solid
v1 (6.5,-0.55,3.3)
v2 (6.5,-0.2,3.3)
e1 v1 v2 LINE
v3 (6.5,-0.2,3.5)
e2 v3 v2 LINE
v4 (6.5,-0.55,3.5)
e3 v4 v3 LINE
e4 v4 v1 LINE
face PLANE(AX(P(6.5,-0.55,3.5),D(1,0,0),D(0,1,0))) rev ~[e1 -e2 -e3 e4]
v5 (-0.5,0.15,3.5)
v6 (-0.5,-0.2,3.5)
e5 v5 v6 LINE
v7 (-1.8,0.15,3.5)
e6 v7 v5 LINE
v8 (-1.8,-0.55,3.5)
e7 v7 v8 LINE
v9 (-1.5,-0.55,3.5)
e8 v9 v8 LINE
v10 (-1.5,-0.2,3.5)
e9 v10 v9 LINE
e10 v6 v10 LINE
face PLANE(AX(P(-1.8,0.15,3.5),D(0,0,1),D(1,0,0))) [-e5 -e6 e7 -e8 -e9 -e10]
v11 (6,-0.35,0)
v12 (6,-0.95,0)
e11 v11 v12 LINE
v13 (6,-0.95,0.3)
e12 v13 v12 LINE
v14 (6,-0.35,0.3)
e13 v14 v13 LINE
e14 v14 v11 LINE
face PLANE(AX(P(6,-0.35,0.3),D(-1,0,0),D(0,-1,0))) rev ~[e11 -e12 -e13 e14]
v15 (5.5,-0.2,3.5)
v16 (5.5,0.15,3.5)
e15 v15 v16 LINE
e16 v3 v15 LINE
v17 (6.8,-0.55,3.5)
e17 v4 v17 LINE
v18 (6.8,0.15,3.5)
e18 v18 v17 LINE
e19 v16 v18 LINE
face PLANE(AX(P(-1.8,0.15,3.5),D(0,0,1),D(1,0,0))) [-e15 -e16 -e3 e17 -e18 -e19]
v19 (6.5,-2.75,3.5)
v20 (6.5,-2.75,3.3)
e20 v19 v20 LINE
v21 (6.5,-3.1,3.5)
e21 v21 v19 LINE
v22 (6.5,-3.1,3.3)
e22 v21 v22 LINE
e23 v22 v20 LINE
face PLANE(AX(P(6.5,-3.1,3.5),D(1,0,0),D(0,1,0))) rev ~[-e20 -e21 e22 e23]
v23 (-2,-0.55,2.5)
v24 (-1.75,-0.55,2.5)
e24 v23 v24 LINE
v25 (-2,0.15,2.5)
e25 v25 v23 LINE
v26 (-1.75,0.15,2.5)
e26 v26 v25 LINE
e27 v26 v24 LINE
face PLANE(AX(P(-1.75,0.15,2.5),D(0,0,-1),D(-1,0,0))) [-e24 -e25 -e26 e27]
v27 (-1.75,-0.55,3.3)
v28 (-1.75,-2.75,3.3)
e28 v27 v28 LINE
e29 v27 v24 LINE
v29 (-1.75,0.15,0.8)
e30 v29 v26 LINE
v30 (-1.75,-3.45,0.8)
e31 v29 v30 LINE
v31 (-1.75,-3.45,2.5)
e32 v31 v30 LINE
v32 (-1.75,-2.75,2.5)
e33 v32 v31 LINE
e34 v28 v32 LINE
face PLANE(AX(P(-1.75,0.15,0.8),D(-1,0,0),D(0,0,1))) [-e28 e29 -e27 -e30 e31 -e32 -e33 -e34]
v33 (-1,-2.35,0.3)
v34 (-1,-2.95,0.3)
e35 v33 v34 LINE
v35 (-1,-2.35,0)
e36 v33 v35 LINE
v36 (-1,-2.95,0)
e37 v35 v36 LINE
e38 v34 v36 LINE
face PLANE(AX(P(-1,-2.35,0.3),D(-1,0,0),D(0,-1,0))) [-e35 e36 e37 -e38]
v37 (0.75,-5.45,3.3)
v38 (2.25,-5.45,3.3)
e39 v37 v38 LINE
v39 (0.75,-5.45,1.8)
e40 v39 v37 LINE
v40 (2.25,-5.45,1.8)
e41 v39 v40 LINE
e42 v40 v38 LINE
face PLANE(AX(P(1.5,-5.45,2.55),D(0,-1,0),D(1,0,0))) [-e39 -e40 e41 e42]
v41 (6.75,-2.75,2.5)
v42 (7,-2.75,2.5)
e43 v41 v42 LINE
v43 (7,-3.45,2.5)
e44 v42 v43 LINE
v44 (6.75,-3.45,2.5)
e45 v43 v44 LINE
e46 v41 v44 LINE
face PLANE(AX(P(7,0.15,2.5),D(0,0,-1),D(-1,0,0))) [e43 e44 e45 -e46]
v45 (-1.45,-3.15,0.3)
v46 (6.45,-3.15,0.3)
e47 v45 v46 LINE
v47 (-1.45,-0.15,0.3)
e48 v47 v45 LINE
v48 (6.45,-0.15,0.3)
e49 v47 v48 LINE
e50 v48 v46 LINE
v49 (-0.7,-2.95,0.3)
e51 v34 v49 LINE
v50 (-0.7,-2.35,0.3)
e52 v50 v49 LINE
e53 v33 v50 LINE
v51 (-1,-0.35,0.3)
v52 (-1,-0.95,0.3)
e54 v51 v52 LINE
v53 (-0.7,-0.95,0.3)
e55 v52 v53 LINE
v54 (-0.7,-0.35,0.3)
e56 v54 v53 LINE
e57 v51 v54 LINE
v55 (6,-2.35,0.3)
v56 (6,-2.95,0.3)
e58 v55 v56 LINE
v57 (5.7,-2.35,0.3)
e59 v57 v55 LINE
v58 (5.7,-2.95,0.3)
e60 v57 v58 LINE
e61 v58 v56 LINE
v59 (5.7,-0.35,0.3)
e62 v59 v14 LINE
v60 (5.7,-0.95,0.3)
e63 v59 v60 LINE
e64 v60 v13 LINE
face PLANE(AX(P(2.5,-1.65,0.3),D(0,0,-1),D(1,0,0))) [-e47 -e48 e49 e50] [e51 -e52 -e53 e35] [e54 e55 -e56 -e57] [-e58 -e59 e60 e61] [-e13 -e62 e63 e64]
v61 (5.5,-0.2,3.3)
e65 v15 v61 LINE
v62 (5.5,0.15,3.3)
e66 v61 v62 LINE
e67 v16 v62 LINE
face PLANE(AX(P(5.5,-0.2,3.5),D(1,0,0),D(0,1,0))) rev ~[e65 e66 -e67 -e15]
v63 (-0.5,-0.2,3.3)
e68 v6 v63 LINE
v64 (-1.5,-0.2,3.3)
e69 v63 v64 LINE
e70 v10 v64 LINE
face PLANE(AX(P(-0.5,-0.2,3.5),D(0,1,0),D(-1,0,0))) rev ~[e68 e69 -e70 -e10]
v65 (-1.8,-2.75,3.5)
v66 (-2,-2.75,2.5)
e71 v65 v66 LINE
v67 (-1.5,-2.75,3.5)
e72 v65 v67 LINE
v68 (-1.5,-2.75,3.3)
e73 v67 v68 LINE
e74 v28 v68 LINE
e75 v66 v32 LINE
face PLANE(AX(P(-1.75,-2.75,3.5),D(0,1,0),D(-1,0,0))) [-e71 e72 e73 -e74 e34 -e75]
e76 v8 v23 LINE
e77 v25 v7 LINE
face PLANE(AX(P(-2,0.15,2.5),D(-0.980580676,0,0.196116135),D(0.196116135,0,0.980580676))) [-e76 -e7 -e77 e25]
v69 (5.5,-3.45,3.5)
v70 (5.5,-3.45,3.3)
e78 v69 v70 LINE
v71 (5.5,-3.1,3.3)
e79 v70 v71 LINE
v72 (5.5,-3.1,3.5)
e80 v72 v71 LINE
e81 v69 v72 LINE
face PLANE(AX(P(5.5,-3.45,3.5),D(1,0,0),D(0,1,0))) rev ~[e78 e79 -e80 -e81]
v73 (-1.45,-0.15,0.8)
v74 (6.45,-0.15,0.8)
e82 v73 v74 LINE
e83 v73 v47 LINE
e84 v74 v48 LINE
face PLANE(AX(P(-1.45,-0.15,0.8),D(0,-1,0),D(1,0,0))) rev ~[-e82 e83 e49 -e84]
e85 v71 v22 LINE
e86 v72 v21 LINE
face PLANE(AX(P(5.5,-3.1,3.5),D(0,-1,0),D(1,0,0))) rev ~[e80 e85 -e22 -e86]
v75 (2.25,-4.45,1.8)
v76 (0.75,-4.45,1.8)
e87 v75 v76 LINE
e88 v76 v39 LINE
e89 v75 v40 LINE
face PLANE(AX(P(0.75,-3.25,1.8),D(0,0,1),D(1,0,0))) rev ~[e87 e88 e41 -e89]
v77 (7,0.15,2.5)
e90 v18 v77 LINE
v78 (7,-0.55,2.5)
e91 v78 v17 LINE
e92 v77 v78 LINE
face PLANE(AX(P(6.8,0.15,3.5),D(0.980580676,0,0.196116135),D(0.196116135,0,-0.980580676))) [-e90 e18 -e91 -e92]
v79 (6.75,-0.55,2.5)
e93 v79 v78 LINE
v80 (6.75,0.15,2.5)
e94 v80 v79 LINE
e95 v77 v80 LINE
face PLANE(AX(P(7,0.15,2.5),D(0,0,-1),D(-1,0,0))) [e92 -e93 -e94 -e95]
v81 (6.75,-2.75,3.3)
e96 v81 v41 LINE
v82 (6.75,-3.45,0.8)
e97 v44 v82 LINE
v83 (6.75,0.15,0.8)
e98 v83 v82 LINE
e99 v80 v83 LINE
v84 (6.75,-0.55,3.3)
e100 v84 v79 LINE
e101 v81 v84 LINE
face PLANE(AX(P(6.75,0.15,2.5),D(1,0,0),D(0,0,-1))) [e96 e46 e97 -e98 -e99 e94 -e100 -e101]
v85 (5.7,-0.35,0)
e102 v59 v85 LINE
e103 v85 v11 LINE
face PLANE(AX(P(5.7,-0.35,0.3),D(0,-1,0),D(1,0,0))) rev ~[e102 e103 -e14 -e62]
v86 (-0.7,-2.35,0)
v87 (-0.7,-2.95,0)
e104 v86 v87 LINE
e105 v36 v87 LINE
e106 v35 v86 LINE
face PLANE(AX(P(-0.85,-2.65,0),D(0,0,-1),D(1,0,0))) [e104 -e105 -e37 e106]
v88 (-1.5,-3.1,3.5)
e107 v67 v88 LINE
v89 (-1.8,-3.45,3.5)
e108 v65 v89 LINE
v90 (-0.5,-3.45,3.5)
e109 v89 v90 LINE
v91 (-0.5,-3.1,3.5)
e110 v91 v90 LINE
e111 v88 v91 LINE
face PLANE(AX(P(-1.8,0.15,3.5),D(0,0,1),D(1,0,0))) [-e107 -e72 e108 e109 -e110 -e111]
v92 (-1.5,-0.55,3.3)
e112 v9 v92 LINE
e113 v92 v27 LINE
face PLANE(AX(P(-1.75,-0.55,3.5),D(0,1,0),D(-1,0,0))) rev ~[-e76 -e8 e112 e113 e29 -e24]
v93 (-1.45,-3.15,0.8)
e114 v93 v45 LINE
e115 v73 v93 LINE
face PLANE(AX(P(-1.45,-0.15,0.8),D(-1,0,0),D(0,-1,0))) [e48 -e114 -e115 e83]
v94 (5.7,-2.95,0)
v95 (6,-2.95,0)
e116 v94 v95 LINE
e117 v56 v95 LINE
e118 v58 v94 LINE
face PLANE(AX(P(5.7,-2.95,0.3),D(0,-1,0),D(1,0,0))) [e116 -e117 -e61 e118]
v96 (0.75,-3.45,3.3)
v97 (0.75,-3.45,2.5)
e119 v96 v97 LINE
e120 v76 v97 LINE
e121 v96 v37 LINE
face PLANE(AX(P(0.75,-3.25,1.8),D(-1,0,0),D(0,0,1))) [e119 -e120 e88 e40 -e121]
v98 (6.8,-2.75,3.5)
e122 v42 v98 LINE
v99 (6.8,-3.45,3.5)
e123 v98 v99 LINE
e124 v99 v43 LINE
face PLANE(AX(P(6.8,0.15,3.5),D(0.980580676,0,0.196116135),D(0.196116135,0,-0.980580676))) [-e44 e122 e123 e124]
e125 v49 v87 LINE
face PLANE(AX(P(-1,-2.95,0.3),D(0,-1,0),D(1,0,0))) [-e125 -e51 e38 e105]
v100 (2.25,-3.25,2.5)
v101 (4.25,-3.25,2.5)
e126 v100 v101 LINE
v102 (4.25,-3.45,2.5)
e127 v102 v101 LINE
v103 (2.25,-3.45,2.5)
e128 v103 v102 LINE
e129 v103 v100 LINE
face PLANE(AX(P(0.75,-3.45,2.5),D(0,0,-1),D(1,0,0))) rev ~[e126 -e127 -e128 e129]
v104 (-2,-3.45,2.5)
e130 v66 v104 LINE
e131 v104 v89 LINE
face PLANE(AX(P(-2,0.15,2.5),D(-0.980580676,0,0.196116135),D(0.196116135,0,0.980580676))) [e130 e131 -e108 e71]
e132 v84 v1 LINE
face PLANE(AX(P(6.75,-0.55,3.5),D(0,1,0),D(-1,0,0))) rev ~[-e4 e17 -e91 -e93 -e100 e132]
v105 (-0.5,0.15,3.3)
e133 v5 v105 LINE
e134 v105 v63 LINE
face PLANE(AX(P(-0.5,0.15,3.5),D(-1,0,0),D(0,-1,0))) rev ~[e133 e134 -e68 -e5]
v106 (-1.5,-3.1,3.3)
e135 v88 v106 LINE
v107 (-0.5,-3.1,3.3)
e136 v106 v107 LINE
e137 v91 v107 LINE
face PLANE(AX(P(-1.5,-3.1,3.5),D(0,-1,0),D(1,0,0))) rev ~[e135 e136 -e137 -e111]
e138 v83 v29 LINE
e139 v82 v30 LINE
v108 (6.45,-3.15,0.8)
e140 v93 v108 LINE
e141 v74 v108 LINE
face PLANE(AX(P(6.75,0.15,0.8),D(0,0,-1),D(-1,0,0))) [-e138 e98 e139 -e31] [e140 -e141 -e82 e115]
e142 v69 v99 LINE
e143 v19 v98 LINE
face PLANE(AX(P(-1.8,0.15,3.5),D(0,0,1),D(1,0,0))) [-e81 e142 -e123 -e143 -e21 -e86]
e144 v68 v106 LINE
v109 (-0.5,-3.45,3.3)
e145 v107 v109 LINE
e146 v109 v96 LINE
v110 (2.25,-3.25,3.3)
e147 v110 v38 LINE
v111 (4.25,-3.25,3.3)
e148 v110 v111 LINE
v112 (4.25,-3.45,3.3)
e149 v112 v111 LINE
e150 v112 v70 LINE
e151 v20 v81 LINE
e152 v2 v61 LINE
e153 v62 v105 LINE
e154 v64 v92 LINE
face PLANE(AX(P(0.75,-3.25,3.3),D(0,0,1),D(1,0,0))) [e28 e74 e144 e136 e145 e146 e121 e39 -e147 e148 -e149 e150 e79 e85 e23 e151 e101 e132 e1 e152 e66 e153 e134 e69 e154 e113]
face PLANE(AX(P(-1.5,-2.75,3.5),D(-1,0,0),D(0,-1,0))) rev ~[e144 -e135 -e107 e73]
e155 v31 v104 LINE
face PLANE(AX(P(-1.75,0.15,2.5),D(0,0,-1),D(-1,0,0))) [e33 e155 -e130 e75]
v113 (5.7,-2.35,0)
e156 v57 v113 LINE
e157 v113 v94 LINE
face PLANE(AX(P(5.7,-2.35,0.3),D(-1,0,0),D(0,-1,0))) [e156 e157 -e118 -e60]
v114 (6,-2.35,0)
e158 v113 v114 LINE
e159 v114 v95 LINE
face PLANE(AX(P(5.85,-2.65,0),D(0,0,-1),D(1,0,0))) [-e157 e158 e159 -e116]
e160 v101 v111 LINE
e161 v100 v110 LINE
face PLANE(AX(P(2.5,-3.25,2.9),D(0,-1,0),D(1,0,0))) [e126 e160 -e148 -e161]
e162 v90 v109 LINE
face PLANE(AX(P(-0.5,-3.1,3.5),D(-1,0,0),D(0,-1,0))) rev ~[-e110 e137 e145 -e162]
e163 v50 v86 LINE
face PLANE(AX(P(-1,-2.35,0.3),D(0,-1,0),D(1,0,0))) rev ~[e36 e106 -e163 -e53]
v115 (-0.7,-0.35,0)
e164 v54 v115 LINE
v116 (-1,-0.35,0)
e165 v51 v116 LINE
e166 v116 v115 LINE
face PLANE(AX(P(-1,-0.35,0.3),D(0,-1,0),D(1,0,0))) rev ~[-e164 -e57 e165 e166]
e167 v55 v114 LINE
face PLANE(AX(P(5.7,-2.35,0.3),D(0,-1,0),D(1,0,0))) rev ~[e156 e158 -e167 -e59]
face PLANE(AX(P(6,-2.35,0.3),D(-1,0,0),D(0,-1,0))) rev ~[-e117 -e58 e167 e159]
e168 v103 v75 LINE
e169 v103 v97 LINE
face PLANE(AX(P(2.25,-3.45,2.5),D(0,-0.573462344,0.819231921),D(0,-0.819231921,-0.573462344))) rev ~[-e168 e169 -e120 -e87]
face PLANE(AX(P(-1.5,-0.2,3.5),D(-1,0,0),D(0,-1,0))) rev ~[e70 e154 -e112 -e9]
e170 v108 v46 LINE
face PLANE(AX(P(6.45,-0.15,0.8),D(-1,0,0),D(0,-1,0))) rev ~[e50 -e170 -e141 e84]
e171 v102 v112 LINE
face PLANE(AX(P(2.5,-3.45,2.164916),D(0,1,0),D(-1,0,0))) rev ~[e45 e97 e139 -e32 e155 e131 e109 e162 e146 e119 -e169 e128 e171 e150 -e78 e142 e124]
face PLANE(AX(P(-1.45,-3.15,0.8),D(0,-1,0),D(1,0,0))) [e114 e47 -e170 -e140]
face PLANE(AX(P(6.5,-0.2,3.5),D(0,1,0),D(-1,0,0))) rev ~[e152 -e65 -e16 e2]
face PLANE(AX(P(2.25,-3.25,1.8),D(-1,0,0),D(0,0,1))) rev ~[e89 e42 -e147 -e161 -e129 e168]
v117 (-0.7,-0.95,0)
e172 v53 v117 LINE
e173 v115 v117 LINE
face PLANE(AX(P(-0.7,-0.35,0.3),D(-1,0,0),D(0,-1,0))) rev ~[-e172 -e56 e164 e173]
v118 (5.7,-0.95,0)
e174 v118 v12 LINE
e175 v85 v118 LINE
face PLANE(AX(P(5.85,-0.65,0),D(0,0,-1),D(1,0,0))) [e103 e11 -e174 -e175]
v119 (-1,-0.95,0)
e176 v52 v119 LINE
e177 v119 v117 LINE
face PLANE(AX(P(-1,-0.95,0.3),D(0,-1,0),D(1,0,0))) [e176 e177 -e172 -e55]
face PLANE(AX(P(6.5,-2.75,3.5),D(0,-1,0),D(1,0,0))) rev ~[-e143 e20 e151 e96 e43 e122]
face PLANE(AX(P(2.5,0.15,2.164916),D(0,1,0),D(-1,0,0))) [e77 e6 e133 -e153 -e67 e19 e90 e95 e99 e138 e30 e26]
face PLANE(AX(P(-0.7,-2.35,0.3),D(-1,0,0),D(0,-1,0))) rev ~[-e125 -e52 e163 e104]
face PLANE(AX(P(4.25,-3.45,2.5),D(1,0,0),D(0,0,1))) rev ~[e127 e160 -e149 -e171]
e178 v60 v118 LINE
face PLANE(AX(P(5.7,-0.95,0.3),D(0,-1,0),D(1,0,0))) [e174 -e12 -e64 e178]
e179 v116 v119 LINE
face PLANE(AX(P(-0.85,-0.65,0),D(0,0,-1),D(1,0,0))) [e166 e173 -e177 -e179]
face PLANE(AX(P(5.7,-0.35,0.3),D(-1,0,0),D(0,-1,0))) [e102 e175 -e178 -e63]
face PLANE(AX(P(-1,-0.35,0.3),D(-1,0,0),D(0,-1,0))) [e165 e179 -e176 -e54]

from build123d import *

# Parameters (mm, degrees)
PAD_DEPTH       = 3.6
SKETCH001_W     = 7.9
SKETCH001_H     = 3
PAD001_DEPTH    = 0.5
SKETCH002_W     = 0.3
SKETCH002_H     = 0.6
PAD002_DEPTH    = 0.3
SKETCH003_W     = 0.25
SKETCH003_H     = 2.2
POCKET_DEPTH    = 3.501
POCKET001_DEPTH = 0.2
SKETCH014_W     = 3.5
SKETCH014_H     = 0.8
POCKET002_DEPTH = 0.2
SKETCH015_W     = 1.5
SKETCH015_H     = 1.5
PAD008_DEPTH    = 2.2
POCKET003_DEPTH = 4.251


with BuildPart() as part:
    # Sketch (on DatumPlane) → Pad (new body)
    with BuildSketch(Plane.XZ.offset(-0.15)):
        Polygon((-1.75, 0.8), (-1.75, 2.5), (-2, 2.5), (-1.8, 3.5), (6.8, 3.5), (7, 2.5), (6.75, 2.5), (6.75, 0.8), align=None)
    extrude(amount=PAD_DEPTH)

    # Sketch001 (on Face8 of Pad) → Pad001 (join)
    with BuildSketch(Plane(origin=(0, 0.15, 0.8), x_dir=(1, 0, 0), z_dir=(0, 0, -1))):
        with Locations((2.5, 1.8)):
            Rectangle(SKETCH001_W, SKETCH001_H)
    extrude(amount=PAD001_DEPTH)

    # Sketch002 (on Face15 of Pad001) → Pad002 (join)
    with BuildSketch(Plane(origin=(0, 0.15, 0.3), x_dir=(1, 0, 0), z_dir=(0, 0, -1))):
        with Locations((-0.85, 2.8)):
            Rectangle(SKETCH002_W, SKETCH002_H)
        with Locations((-0.85, 0.8)):
            Rectangle(SKETCH002_W, SKETCH002_H)
        with Locations((5.85, 2.8)):
            Rectangle(SKETCH002_W, SKETCH002_H)
        with Locations((5.85, 0.8)):
            Rectangle(SKETCH002_W, SKETCH002_H)
    extrude(amount=PAD002_DEPTH)

    # Sketch003 (on Face12 of Pad002) → Pocket (cut, through all)
    with BuildSketch(Plane(origin=(0, 0.15, 3.5), x_dir=(-1, 0, 0), z_dir=(0, 0, 1))):
        with Locations((1.875, 1.8)):
            Rectangle(SKETCH003_W, SKETCH003_H)
        with Locations((-6.875, 1.8)):
            Rectangle(SKETCH003_W, SKETCH003_H)
    extrude(amount=-POCKET_DEPTH, mode=Mode.SUBTRACT)

    # Sketch004 (on Face7 of Pocket) → Pocket001 (cut)
    with BuildSketch(Plane(origin=(0, 0.15, 3.5), x_dir=(-1, 0, 0), z_dir=(0, 0, 1))):
        Polygon((-5.5, 3.6), (-5.5, 3.25), (-6.5, 3.25), (-6.5, 2.9), (-6.75, 2.9), (-6.75, 0.7), (-6.5, 0.7), (-6.5, 0.35), (-5.5, 0.35), (-5.5, 0), (0.5, 0), (0.5, 0.35), (1.5, 0.35), (1.5, 0.7), (1.75, 0.7), (1.75, 2.9), (1.5, 2.9), (1.5, 3.25), (0.5, 3.25), (0.5, 3.6), align=None)
    extrude(amount=-POCKET001_DEPTH, mode=Mode.SUBTRACT)

    # Sketch014 (on Face20 of Pocket001) → Pocket002 (cut)
    with BuildSketch(Plane.XZ.offset(3.45)):
        with Locations((2.5, 2.9)):
            Rectangle(SKETCH014_W, SKETCH014_H)
    extrude(amount=-POCKET002_DEPTH, mode=Mode.SUBTRACT)

    # Sketch015 (on Face40 of Pocket002) → Pad008 (join)
    with BuildSketch(Plane.XZ.offset(3.25)):
        with Locations((1.5, 2.55)):
            Rectangle(SKETCH015_W, SKETCH015_H)
    extrude(amount=PAD008_DEPTH)

    # Sketch016 (on Face50 of Pad008) → Pocket003 (cut, through all)
    with BuildSketch(Plane(origin=(2.25, 0.15, 0), x_dir=(0, 0, 1), z_dir=(1, 0, 0))):
        Polygon((1.8, 4.6), (1.8, 3.6), (2.5, 3.6), align=None)
    extrude(amount=-POCKET003_DEPTH, mode=Mode.SUBTRACT)


solid = part.part
